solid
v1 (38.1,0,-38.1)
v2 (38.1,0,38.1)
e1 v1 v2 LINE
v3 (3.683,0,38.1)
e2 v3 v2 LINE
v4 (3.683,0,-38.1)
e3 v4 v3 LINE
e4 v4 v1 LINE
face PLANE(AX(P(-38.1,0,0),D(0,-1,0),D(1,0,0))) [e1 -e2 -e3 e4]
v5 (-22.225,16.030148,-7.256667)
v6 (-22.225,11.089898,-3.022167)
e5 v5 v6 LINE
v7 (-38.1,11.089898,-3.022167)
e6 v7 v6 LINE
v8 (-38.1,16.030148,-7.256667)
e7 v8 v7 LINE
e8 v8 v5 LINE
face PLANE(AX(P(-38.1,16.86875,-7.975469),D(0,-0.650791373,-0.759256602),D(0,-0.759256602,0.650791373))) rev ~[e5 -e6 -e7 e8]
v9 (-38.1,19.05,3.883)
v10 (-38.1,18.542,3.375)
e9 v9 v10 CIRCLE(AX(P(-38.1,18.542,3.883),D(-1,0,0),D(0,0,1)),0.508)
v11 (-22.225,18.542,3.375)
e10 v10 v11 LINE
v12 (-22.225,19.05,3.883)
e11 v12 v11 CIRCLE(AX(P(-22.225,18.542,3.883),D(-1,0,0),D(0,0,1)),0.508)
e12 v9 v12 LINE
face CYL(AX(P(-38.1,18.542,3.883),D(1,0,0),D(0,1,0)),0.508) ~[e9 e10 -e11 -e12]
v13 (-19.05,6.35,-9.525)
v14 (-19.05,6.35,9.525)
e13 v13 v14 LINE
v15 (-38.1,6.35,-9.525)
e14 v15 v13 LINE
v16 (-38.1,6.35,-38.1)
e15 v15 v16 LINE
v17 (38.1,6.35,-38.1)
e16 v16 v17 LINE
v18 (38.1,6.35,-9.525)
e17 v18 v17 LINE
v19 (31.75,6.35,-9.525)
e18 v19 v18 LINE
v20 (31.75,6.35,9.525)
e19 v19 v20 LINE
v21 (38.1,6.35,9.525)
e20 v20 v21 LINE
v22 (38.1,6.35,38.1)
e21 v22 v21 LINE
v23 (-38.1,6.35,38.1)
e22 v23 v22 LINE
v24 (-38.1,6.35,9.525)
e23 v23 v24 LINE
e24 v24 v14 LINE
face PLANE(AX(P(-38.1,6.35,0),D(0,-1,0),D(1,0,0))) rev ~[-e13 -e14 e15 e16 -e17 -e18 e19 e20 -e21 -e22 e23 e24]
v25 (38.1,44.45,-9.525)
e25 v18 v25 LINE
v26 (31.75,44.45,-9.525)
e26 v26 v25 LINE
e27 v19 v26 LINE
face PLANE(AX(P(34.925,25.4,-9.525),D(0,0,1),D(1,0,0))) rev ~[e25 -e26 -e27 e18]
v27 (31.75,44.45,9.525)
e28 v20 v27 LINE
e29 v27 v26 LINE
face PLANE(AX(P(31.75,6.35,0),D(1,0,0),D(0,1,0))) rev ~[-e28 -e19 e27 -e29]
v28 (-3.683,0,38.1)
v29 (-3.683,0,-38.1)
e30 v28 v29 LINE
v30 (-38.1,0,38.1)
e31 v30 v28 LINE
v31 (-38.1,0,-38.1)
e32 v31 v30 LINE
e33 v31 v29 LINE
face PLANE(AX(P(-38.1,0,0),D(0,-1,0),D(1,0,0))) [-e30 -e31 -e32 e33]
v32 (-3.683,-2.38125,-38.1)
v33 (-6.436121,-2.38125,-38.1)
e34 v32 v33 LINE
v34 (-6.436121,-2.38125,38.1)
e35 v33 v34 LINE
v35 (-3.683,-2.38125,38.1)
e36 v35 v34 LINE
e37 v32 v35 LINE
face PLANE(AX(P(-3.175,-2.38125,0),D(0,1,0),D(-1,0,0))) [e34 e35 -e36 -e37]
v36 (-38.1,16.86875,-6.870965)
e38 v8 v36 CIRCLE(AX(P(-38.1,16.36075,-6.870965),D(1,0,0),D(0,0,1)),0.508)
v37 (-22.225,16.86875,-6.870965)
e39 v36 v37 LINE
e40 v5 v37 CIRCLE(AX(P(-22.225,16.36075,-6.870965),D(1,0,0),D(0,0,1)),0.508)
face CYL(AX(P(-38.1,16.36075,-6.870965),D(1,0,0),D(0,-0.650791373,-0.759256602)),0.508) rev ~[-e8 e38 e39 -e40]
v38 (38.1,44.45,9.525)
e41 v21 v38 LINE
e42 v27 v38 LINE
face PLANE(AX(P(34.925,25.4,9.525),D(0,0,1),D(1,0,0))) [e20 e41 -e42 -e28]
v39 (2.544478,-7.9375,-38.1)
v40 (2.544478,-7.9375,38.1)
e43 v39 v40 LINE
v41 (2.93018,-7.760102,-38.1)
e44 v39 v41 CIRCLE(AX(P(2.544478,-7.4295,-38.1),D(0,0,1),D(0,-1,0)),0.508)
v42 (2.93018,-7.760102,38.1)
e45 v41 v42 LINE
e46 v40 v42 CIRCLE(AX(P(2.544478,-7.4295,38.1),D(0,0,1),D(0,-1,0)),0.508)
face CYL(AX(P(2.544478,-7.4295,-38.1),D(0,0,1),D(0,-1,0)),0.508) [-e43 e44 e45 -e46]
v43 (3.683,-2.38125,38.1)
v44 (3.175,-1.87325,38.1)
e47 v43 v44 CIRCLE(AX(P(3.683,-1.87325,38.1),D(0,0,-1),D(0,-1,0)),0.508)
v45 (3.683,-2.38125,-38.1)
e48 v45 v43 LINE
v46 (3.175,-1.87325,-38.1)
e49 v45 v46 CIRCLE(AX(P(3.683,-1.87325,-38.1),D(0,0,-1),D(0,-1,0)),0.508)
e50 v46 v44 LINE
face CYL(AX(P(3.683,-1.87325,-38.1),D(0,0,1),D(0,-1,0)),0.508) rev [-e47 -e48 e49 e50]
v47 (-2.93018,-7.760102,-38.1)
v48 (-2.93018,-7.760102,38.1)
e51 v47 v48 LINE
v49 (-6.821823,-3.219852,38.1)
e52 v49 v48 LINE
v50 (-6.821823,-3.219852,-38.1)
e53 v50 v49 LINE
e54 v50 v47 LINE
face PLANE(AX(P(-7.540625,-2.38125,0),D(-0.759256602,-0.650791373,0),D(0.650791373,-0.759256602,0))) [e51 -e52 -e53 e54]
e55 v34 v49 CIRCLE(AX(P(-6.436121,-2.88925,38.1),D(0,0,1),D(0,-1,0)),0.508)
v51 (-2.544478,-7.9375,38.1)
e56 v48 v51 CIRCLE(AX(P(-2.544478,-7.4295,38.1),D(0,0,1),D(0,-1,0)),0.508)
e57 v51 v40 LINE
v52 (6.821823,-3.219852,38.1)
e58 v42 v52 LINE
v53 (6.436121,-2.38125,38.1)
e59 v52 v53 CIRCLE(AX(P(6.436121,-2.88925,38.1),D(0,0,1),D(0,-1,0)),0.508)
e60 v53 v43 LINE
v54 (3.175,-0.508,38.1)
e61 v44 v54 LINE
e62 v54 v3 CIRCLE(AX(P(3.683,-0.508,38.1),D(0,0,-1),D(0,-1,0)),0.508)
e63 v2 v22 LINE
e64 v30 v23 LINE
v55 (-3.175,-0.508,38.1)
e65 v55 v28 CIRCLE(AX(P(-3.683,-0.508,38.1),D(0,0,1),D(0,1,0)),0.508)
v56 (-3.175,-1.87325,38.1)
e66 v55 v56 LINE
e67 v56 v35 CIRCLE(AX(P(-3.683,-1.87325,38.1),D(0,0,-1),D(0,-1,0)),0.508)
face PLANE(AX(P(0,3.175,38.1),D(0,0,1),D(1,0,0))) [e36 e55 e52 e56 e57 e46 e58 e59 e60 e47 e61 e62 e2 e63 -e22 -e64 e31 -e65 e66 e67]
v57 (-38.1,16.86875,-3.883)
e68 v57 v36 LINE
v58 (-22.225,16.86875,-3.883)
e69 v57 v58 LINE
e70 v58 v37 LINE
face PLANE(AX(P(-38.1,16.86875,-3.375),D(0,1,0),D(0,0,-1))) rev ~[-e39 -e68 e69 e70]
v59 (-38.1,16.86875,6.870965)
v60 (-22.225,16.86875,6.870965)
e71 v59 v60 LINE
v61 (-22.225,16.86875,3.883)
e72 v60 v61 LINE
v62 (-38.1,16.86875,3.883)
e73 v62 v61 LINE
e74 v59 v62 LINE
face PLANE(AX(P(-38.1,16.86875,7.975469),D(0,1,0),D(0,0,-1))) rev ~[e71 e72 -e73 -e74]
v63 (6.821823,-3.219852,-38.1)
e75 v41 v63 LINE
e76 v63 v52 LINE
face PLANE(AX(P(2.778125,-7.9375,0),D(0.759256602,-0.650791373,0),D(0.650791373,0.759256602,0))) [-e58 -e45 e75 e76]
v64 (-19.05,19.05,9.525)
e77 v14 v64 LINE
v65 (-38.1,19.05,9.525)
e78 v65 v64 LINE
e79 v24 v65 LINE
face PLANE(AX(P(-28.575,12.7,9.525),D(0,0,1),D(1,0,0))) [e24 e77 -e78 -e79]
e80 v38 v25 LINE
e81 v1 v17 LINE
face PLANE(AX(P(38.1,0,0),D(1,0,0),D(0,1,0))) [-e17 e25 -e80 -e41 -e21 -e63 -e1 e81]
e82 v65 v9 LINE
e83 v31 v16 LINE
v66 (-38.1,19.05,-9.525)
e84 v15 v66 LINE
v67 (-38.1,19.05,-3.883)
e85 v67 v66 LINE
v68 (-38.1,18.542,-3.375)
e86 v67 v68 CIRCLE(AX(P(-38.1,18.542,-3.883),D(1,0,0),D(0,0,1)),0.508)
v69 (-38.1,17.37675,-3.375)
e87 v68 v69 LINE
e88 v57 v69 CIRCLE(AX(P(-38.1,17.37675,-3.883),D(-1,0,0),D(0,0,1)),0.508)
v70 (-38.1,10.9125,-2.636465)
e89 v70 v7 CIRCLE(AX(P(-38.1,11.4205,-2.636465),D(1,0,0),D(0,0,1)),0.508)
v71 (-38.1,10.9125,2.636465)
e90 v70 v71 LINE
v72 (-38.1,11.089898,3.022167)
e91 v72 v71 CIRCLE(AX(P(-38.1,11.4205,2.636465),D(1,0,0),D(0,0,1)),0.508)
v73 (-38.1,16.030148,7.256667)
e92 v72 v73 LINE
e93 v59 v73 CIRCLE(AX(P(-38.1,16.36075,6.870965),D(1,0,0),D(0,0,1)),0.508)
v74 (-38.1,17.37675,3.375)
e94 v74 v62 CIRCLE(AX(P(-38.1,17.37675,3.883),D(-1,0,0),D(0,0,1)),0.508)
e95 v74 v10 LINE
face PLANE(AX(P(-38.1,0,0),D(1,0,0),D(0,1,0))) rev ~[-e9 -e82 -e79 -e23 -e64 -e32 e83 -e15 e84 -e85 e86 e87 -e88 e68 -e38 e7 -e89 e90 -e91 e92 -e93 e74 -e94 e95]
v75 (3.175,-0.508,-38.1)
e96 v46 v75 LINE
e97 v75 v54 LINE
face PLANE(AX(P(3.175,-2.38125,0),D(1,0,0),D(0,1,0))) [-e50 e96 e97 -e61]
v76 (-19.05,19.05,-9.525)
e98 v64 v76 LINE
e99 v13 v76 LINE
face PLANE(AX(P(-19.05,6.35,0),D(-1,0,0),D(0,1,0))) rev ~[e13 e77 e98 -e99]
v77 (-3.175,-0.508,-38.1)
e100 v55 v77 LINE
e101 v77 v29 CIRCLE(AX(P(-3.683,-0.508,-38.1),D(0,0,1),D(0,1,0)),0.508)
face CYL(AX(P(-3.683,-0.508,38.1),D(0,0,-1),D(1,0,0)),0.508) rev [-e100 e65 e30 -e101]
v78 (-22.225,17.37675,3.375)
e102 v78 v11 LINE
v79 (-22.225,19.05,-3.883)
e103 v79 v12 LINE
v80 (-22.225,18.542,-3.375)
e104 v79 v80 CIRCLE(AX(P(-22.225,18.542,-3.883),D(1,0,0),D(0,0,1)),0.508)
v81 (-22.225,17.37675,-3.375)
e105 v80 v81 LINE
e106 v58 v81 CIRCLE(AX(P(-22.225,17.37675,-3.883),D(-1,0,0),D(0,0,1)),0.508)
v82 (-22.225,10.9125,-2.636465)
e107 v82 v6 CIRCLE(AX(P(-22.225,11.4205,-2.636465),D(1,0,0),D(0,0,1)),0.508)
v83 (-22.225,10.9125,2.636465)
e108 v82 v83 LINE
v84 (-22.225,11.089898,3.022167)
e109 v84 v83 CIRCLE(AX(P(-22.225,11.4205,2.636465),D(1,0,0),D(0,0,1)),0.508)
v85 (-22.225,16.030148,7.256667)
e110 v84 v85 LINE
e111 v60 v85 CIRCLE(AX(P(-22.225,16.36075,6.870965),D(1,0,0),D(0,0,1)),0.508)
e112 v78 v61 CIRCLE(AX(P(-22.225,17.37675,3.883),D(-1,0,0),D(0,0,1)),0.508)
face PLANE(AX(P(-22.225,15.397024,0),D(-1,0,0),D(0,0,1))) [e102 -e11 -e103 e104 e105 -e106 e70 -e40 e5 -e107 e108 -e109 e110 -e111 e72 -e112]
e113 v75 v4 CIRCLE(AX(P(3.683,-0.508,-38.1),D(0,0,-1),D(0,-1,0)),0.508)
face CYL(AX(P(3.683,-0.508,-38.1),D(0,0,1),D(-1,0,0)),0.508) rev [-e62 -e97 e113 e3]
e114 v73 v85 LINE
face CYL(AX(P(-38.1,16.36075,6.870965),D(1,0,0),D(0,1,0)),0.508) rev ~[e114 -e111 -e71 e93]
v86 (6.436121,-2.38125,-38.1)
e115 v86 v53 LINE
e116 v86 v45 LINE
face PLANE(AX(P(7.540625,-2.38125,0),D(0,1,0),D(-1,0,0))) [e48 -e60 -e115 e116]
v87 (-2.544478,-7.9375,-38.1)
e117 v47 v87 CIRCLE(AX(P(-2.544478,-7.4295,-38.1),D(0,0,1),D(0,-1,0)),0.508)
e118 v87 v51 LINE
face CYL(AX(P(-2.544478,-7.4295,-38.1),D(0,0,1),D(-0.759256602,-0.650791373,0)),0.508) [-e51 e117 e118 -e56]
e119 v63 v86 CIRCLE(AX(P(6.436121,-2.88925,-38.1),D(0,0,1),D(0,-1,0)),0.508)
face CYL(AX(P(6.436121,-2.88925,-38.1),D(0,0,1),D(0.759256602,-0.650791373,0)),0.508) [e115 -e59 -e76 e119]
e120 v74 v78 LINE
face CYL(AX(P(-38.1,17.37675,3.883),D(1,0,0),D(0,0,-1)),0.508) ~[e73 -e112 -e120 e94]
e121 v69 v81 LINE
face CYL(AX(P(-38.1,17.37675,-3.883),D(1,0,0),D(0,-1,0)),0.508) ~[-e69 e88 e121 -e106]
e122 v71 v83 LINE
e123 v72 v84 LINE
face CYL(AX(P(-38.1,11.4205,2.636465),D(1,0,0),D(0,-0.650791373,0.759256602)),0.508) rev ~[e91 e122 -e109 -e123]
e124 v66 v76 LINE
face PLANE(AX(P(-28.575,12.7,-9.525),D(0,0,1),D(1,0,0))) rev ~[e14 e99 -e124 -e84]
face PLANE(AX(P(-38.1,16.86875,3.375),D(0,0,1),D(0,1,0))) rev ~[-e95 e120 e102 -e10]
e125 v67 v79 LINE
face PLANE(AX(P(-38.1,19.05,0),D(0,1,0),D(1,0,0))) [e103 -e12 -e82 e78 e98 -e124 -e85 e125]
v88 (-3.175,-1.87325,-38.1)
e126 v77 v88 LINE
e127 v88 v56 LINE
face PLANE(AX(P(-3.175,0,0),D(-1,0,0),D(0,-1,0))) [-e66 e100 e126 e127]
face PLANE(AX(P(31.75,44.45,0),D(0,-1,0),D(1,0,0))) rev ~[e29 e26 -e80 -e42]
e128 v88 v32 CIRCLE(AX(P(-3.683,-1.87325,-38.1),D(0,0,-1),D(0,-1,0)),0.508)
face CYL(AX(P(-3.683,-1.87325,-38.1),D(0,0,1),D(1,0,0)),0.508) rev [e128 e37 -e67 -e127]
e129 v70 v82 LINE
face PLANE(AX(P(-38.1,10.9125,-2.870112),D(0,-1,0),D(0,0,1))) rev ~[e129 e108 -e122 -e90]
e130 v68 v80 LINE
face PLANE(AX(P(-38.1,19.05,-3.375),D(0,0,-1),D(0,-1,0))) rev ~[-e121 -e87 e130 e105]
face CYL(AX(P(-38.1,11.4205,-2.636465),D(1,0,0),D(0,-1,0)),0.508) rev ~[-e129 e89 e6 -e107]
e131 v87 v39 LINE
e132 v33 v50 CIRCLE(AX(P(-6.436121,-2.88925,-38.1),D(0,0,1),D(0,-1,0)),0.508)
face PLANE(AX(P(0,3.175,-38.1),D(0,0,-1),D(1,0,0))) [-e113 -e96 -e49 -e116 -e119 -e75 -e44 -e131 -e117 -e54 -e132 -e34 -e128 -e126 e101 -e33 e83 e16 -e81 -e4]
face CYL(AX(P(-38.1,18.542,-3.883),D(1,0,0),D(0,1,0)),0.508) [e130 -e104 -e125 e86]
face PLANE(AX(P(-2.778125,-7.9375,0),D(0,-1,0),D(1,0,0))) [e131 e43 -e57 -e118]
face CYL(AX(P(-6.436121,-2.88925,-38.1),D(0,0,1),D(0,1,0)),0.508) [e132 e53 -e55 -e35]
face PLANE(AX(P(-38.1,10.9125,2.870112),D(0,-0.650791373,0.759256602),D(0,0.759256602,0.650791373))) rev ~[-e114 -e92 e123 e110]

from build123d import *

# Parameters (mm, degrees)
SKETCH1_W                       = 76.2
SKETCH1_H                       = 6.35
BOSS_EXTRUDE1_DEPTH             = 38.1
SKETCH2_W                       = 19.05
SKETCH2_H                       = 12.7
SKETCH2_W_2                     = 6.35
SKETCH2_H_2                     = 38.1
BOSS_EXTRUDE2_DEPTH             = 9.525
BOSS_EXTRUDE3_REACH             = 71.85
BOSS_EXTRUDE3_DIRECTION_2_REACH = 71.85
CUT_EXTRUDE2_START              = 38.1
CUT_EXTRUDE2_DEPTH              = 15.875
FILLET1_R                       = 0.508


with BuildPart() as part:
    # Sketch1 → Boss-Extrude1 (new, symmetric)
    with BuildSketch(Plane.XY):
        with Locations((0, 3.175)):
            Rectangle(SKETCH1_W, SKETCH1_H)
    extrude(amount=BOSS_EXTRUDE1_DEPTH, both=True)

    # Sketch2 → Boss-Extrude2 (add, symmetric)
    with BuildSketch(Plane.XY):
        with Locations((-28.575, 12.7)):
            Rectangle(SKETCH2_W, SKETCH2_H)
        with Locations((34.925, 25.4)):
            Rectangle(SKETCH2_W_2, SKETCH2_H_2)
    extrude(amount=BOSS_EXTRUDE2_DEPTH, both=True)

    # Boss-Extrude3: up to this face of the body (flat: up to its plane)
    boss_extrude3_end = Plane(part.part.faces().sort_by_distance((0, 3.175, 38.1))[0])
    # Sketch3 → Boss-Extrude3 (add, up to the picked face)
    with BuildSketch(Plane.XY, mode=Mode.PRIVATE) as boss_extrude3_sk1:
        Polygon((-3.175, 0), (-3.175, -2.38125), (-7.540625, -2.38125), (-2.778125, -7.9375), (2.778125, -7.9375), (7.540625, -2.38125), (3.175, -2.38125), (3.175, 0), align=None)
    boss_extrude3_tool1 = split(extrude(boss_extrude3_sk1.sketch, amount=BOSS_EXTRUDE3_REACH, mode=Mode.PRIVATE), bisect_by=boss_extrude3_end, keep=Keep.BOTH, mode=Mode.PRIVATE)
    add(boss_extrude3_tool1.solids().sort_by(Axis((0, -3.992908, 0), (0, 0, 1)))[0])

    # Boss-Extrude3 direction 2: up to this face of the body (flat: up to its plane)
    boss_extrude3_direction_2_end = Plane(part.part.faces().sort_by_distance((0, 3.175, -38.1))[0])
    # Sketch3 → Boss-Extrude3 direction 2 (add, up to the picked face)
    with BuildSketch(Plane.XY, mode=Mode.PRIVATE) as boss_extrude3_direction_2_sk1:
        Polygon((-3.175, 0), (-3.175, -2.38125), (-7.540625, -2.38125), (-2.778125, -7.9375), (2.778125, -7.9375), (7.540625, -2.38125), (3.175, -2.38125), (3.175, 0), align=None)
    boss_extrude3_direction_2_tool1 = split(extrude(boss_extrude3_direction_2_sk1.sketch, amount=-BOSS_EXTRUDE3_DIRECTION_2_REACH, mode=Mode.PRIVATE), bisect_by=boss_extrude3_direction_2_end, keep=Keep.BOTH, mode=Mode.PRIVATE)
    add(boss_extrude3_direction_2_tool1.solids().sort_by(Axis((0, -3.992908, 0), (0, 0, -1)))[0])

    # Sketch5 → Cut-Extrude2 (cut)
    with BuildSketch(Plane.ZY.offset(CUT_EXTRUDE2_START)):
        Polygon((-3.375, 19.05), (-3.375, 16.86875), (-7.975469127, 16.86875), (-2.870111984, 10.9125), (2.870111984, 10.9125), (7.975469127, 16.86875), (3.375, 16.86875), (3.375, 19.05), align=None)
    extrude(amount=-CUT_EXTRUDE2_DEPTH, mode=Mode.SUBTRACT)

    # Fillet1
    fillet1_edges = [part.edges().sort_by_distance(p)[0] for p in [
        (3.175, 0, 0),
        (-3.175, 0, 0),
        (-3.175, -2.38125, 0),
        (-7.540625, -2.38125, 0),
        (-2.778125, -7.9375, 0),
        (2.778125, -7.9375, 0),
        (7.540625, -2.38125, 0),
        (3.175, -2.38125, 0),
        (-30.1625, 19.05, -3.375),
        (-30.1625, 19.05, 3.375),
        (-30.1625, 16.86875, 3.375),
        (-30.1625, 16.86875, 7.975469127),
        (-30.1625, 10.9125, 2.870111984),
        (-30.1625, 10.9125, -2.870111984),
        (-30.1625, 16.86875, -7.975469127),
        (-30.1625, 16.86875, -3.375),
    ]]
    fillet(fillet1_edges, radius=FILLET1_R)


solid = part.part
